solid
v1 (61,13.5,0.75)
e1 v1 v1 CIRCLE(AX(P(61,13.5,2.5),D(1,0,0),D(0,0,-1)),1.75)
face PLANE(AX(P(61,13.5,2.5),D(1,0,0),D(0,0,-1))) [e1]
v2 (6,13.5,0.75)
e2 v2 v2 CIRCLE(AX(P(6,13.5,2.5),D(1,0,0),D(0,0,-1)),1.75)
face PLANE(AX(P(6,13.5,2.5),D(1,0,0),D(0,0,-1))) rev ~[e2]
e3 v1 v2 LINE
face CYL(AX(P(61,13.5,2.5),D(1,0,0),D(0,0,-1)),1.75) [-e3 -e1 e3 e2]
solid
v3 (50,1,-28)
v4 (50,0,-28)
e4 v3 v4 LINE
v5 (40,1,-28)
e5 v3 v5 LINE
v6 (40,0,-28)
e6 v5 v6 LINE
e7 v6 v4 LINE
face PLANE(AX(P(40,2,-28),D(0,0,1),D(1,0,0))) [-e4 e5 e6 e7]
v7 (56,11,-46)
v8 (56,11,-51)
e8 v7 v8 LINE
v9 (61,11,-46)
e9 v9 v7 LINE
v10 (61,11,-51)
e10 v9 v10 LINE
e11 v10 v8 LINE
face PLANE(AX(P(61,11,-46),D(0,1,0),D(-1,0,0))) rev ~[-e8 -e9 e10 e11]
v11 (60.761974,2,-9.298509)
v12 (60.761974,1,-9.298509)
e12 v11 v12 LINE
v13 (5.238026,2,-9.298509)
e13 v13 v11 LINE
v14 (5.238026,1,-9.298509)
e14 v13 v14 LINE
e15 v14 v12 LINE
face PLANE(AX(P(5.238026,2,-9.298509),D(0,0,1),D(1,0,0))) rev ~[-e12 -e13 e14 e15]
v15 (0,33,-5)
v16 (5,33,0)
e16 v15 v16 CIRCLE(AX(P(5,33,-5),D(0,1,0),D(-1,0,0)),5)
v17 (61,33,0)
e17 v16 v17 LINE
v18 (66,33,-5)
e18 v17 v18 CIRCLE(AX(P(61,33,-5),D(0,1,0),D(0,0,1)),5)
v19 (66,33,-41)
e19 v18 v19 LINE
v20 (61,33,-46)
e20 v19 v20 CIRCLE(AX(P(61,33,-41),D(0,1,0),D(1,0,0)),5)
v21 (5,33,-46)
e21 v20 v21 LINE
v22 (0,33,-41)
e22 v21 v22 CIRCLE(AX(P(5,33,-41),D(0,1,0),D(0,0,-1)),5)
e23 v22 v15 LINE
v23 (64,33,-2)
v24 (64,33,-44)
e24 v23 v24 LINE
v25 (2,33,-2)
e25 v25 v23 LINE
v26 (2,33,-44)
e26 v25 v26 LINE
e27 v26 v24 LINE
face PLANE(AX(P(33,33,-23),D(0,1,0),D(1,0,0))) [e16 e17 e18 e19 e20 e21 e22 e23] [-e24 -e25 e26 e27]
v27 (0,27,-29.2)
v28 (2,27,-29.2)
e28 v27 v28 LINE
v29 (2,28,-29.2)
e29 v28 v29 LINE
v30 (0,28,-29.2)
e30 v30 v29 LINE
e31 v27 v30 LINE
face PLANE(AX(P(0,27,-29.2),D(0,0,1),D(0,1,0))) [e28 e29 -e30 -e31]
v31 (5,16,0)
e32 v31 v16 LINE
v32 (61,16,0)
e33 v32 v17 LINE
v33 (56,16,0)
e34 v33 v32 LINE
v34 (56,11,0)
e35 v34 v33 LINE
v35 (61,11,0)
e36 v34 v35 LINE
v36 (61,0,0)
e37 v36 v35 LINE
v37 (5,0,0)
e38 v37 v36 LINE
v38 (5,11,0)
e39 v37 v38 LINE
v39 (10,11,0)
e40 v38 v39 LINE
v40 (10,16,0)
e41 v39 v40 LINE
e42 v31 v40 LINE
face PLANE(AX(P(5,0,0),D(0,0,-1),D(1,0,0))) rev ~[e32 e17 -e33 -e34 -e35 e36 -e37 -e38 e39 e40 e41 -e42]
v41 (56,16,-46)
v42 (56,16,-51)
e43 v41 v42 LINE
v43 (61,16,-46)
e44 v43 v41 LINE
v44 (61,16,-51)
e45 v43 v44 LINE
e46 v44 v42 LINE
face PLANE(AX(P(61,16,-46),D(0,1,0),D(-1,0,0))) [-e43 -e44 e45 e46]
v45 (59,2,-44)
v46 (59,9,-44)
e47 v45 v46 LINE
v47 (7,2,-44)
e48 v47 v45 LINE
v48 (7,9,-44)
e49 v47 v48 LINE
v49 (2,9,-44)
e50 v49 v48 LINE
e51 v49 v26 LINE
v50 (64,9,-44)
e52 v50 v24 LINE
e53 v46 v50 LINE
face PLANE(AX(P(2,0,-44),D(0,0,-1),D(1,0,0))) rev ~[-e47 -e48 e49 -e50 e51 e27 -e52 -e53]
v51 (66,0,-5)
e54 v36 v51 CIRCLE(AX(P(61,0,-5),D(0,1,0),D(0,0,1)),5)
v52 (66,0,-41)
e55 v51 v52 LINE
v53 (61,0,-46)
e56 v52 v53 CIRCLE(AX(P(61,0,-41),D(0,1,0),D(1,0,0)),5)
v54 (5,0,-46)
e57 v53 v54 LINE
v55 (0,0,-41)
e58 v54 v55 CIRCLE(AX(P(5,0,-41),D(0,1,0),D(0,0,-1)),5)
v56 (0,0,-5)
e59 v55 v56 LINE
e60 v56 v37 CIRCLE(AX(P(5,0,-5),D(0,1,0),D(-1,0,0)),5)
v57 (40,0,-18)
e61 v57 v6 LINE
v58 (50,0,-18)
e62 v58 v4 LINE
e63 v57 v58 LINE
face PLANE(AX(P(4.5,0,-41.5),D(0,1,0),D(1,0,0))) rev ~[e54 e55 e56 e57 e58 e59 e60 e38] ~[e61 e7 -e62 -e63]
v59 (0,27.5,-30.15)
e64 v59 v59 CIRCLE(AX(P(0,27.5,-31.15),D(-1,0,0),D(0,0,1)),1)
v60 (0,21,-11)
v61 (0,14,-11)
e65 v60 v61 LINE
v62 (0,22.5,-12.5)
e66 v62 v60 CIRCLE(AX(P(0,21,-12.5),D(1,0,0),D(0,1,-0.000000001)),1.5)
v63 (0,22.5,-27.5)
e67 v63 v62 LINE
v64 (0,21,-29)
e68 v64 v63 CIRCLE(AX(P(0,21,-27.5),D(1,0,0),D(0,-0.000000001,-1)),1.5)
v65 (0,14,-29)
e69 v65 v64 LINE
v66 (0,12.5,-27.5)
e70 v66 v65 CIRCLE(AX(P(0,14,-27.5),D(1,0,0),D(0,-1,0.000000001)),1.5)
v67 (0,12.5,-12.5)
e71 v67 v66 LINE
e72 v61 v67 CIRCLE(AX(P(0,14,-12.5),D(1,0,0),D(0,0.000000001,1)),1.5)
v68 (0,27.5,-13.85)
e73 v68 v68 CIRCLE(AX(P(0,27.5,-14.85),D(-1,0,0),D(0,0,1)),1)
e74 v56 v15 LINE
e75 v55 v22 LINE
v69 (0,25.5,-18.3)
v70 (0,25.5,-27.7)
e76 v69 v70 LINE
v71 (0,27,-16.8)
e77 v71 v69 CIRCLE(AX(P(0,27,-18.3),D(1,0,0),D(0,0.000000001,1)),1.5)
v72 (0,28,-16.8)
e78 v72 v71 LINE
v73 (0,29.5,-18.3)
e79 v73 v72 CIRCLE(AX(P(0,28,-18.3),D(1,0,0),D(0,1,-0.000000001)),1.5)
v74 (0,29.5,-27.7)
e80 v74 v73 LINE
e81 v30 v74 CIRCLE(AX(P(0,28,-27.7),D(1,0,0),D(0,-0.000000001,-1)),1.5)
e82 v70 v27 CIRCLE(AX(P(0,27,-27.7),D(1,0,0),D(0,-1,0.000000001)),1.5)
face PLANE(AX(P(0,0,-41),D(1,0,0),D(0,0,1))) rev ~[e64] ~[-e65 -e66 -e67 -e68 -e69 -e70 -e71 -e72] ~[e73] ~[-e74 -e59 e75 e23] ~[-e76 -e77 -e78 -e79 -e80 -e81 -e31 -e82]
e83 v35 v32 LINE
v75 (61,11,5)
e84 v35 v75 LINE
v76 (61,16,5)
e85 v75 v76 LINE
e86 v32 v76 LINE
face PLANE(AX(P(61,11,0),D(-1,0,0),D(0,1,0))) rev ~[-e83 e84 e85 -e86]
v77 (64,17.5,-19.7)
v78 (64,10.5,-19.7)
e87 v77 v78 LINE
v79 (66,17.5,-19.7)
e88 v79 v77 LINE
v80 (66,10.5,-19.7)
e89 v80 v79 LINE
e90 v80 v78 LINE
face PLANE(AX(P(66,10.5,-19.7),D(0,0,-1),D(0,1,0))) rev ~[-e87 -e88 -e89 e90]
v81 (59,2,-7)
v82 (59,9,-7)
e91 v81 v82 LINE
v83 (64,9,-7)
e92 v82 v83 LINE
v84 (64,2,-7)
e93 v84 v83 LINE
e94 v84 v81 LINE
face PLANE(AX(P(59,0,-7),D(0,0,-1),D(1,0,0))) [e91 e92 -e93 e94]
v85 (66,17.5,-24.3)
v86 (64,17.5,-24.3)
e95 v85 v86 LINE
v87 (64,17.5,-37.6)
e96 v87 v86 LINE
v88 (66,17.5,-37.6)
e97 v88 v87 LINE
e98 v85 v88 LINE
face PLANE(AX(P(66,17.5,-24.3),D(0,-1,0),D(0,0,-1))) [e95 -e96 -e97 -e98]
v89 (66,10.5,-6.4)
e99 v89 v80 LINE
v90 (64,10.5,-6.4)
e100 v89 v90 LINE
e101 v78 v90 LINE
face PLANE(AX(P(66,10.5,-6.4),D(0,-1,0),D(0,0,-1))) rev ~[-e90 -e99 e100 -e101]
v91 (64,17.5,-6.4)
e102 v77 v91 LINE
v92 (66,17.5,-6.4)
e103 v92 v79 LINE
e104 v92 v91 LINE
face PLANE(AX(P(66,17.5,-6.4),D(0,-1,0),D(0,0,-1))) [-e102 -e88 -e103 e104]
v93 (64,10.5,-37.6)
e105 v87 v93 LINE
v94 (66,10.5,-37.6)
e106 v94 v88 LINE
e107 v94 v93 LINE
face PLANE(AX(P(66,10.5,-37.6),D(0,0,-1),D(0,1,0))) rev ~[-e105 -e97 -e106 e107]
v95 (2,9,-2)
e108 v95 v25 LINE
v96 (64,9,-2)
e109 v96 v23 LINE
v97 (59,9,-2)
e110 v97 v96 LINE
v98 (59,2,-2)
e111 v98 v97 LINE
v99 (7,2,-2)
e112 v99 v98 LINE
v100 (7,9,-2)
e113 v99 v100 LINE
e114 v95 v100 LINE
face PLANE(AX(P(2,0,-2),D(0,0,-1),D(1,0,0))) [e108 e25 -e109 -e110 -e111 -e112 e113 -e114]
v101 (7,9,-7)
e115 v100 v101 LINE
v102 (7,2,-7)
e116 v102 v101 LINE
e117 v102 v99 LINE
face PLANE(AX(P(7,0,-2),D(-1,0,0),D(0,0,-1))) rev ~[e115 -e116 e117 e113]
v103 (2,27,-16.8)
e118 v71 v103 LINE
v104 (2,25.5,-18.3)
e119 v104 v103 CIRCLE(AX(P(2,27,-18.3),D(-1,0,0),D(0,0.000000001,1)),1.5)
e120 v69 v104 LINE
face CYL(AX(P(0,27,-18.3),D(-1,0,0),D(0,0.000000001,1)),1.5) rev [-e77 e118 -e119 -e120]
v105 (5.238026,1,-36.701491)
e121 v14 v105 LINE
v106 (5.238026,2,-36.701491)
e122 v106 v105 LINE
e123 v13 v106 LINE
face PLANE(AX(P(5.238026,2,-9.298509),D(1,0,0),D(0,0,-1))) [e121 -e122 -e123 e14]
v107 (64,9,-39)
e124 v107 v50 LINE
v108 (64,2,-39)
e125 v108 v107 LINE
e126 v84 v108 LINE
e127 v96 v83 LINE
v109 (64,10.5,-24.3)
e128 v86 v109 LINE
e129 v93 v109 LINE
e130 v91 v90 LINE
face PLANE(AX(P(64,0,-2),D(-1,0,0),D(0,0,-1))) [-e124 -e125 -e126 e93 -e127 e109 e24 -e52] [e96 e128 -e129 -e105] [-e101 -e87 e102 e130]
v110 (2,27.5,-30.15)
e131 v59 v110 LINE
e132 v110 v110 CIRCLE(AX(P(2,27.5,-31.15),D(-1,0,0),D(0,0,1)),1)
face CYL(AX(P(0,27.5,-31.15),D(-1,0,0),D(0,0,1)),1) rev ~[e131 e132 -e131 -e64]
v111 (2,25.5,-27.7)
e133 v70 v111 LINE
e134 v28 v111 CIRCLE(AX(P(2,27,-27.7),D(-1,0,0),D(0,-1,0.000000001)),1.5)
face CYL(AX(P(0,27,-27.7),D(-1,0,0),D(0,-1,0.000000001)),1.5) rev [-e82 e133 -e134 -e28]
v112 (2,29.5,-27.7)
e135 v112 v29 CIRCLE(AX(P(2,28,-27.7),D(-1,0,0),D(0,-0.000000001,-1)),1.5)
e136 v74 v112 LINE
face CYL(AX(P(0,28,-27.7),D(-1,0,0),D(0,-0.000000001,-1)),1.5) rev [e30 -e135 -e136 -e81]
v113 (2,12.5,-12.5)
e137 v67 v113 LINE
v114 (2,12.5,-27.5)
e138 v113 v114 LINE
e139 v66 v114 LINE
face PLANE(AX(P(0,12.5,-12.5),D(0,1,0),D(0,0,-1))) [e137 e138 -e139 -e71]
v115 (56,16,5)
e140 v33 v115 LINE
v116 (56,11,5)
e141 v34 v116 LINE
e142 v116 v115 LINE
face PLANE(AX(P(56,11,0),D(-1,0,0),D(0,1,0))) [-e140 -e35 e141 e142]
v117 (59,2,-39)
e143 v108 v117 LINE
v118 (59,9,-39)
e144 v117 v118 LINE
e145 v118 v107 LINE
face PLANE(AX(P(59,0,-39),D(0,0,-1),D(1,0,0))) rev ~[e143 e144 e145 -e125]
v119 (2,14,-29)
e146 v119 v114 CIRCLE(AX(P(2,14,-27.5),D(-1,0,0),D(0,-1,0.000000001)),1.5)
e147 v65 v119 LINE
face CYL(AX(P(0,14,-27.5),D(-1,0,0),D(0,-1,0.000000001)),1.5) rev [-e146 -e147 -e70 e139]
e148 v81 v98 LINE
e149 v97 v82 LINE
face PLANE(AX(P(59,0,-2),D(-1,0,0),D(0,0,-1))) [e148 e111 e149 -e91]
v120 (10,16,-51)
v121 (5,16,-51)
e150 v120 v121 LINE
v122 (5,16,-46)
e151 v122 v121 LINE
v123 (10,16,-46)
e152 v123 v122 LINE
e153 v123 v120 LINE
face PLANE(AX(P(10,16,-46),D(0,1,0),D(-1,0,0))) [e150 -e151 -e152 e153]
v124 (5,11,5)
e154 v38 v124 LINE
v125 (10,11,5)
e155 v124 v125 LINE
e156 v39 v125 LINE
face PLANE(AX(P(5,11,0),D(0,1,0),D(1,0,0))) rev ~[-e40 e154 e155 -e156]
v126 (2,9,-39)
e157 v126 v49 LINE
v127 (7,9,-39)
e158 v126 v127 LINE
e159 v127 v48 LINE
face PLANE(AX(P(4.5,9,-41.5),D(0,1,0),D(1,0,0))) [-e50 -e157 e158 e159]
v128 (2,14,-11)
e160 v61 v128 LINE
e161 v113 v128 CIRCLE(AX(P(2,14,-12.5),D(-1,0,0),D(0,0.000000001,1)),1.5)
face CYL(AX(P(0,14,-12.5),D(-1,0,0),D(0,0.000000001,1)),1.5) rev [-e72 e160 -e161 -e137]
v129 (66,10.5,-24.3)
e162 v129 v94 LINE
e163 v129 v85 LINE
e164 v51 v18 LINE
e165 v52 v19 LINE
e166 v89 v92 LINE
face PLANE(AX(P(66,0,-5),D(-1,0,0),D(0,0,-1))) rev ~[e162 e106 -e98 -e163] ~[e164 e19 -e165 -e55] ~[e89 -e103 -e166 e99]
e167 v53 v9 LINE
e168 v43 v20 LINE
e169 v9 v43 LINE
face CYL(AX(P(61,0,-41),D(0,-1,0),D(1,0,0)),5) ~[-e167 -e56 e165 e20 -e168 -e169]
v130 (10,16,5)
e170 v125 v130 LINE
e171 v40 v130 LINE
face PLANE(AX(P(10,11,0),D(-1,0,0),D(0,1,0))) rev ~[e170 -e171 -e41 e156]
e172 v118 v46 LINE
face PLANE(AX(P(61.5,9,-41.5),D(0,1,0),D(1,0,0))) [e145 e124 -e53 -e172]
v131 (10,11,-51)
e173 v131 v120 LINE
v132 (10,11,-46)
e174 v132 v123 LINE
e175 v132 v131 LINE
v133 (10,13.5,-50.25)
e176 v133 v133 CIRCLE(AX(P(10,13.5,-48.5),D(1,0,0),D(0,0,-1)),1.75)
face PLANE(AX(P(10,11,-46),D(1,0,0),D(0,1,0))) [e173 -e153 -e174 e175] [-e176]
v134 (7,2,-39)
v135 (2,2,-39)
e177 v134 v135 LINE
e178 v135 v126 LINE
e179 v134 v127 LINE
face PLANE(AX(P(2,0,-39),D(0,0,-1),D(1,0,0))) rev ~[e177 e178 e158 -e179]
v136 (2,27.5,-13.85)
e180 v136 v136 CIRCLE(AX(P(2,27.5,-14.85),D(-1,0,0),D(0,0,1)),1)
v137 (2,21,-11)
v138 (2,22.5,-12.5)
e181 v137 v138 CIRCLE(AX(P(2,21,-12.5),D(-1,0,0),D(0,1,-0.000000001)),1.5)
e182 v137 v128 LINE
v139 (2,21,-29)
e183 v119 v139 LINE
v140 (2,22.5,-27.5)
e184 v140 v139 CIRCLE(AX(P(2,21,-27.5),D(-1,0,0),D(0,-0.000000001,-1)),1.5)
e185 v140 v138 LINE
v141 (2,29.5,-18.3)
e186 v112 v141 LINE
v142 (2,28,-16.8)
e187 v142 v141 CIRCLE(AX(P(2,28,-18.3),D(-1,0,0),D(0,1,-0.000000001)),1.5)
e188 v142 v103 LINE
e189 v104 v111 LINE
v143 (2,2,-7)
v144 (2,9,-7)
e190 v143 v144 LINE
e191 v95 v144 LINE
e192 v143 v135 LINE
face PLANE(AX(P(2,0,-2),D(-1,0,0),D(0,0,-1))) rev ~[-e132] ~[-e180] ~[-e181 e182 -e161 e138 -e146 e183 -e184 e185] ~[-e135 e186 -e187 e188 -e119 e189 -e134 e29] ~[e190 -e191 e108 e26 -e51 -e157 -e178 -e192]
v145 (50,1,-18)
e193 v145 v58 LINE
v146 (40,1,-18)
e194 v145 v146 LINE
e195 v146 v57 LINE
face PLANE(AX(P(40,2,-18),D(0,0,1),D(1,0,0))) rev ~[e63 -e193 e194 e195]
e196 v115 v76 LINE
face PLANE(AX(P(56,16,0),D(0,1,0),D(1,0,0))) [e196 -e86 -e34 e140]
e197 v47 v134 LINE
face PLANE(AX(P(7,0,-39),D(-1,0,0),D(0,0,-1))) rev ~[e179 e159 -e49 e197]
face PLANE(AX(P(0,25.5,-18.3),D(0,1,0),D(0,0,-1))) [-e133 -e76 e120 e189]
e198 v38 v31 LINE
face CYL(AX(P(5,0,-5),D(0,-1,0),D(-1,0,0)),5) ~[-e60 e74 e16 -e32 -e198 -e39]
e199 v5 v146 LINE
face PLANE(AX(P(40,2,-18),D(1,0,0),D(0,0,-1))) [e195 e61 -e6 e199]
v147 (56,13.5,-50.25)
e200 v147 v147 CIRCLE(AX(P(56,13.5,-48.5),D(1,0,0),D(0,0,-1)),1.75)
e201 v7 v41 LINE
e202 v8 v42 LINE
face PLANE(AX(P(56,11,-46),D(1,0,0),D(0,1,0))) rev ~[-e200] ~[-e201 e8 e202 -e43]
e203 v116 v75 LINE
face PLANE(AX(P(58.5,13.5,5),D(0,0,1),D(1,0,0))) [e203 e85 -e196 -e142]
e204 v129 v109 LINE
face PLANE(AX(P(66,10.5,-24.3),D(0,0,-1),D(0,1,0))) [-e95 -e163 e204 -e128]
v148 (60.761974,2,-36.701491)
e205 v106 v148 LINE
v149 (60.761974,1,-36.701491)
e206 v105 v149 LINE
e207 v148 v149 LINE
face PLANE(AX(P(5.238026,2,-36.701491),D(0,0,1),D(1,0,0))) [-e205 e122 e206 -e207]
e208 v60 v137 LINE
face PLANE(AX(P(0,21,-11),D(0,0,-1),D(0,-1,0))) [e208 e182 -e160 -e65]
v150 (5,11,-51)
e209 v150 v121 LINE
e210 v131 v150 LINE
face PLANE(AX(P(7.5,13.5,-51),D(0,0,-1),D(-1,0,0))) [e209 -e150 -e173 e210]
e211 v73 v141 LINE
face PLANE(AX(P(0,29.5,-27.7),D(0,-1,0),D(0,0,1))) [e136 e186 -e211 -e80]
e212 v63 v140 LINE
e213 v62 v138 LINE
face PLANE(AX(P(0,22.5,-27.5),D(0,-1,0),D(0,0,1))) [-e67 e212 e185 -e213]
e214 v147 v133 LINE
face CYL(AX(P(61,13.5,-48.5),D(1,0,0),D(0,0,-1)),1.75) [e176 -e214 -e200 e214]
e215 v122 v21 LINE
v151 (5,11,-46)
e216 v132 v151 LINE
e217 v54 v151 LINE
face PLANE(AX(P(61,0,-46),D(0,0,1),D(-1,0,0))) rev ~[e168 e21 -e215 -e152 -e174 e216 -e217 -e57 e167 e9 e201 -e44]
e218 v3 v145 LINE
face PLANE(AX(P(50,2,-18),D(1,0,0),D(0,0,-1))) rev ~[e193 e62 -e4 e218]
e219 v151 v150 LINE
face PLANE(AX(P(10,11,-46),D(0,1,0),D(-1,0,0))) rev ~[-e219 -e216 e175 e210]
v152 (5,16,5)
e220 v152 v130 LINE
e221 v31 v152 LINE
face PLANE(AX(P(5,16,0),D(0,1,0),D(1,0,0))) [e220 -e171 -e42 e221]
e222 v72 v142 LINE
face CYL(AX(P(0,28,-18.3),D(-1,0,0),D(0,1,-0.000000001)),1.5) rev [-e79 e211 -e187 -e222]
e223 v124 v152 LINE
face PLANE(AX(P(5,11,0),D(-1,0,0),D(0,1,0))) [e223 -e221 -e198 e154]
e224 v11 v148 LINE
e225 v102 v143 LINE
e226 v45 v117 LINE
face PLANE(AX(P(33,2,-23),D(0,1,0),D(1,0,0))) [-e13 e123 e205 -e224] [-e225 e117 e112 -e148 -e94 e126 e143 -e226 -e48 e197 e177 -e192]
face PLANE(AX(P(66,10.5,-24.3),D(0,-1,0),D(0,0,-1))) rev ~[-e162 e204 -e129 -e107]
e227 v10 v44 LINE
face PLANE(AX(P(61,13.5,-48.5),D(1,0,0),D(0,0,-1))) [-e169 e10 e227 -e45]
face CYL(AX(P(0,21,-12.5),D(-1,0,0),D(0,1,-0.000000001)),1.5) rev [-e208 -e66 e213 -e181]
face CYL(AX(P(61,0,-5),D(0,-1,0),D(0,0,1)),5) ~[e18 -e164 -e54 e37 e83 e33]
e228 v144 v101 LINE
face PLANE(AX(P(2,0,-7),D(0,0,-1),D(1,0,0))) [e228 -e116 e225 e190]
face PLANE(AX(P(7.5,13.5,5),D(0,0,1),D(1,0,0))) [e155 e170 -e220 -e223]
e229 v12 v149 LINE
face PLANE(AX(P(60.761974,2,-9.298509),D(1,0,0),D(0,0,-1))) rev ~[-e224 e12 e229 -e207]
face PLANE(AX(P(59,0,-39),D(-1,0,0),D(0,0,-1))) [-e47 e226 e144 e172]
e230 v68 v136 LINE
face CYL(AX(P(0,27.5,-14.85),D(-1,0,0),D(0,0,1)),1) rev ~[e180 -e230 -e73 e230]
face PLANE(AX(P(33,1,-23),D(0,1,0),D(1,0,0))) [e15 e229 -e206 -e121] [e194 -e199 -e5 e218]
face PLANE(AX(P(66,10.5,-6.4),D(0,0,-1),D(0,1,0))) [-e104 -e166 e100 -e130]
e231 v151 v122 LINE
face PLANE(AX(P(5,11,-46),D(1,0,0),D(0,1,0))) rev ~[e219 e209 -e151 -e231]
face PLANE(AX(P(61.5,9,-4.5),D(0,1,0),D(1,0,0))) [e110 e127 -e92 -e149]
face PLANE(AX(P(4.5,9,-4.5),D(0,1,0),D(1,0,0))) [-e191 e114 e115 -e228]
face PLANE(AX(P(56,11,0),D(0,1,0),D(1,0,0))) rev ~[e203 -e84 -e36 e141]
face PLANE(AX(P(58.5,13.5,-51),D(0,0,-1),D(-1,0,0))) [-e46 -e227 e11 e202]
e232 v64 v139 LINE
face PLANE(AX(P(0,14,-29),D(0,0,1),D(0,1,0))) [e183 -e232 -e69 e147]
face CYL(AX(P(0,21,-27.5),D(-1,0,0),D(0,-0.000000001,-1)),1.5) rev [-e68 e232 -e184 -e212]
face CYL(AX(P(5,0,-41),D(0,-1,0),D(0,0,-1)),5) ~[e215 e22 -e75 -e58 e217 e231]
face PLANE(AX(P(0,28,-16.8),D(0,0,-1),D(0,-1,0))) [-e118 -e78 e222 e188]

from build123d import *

# Parameters (mm, degrees)
BOSS_EXTRUDE4_DEPTH  = 33
SKETCH1_4_W          = 62
SKETCH1_4_H          = 42
BOSS_EXTRUDE6_DEPTH  = 2
SKETCH1_7_W          = 5
SKETCH1_7_H          = 5
BOSS_EXTRUDE7_DEPTH  = 9
SKETCH5_W            = 10
SKETCH5_H            = 10
CUT_EXTRUDE1_DEPTH   = 87.214847909
SKETCH7_W            = 13.3
SKETCH7_H            = 7
CUT_EXTRUDE3_DEPTH   = 10
SKETCH8_W            = 5
SKETCH8_H            = 5
BOSS_EXTRUDE11_DEPTH = 5
SKETCH9_R            = 1.75
BOSS_EXTRUDE13_DEPTH = 55
SKETCH11_W           = 5
SKETCH11_H           = 5
BOSS_EXTRUDE14_DEPTH = 5
SKETCH12_R           = 1.75
BOSS_EXTRUDE16_DEPTH = 55
CUT_EXTRUDE10_DEPTH  = 10
SKETCH13_4_R         = 1
CUT_EXTRUDE11_DEPTH  = 10
CUT_EXTRUDE12_DEPTH  = 10
SKETCH14_W           = 55.52394705
SKETCH14_H           = 27.402982488
CUT_EXTRUDE13_DEPTH  = 1


with BuildPart() as part:
    # Sketch1 → Boss-Extrude4 (new body)
    with BuildSketch(Plane(origin=(0, 0, 0), x_dir=(1, 0, 0), z_dir=(0, 1, 0))):
        with BuildLine():
            ThreePointArc((0, 5), (1.464466094, 1.464466094), (5, 0))
            Line((5, 0), (61, 0))
            ThreePointArc((61, 0), (64.535533906, 1.464466094), (66, 5))
            Line((66, 5), (66, 41))
            ThreePointArc((66, 41), (64.535533906, 44.535533906), (61, 46))
            Line((61, 46), (5, 46))
            ThreePointArc((5, 46), (1.464466094, 44.535533906), (0, 41))
            Line((0, 41), (0, 5))
        make_face()
        Polygon((64, 44), (64, 39), (64, 7), (64, 2), (59, 2), (7, 2), (2, 2), (2, 7), (2, 39), (2, 44), (7, 44), (59, 44), align=None, mode=Mode.SUBTRACT)
    extrude(amount=BOSS_EXTRUDE4_DEPTH)

    # Sketch1<4> → Boss-Extrude6 (add)
    with BuildSketch(Plane(origin=(0, 0, 0), x_dir=(1, 0, 0), z_dir=(0, 1, 0))):
        with Locations((33, 23)):
            Rectangle(SKETCH1_4_W, SKETCH1_4_H)
    extrude(amount=BOSS_EXTRUDE6_DEPTH)

    # Sketch1<7> → Boss-Extrude7 (add)
    with BuildSketch(Plane(origin=(0, 0, 0), x_dir=(1, 0, 0), z_dir=(0, 1, 0))):
        with Locations((61.5, 41.5)):
            Rectangle(SKETCH1_7_W, SKETCH1_7_H)
        with Locations((61.5, 4.5)):
            Rectangle(SKETCH1_7_W, SKETCH1_7_H)
        with Locations((4.5, 41.5)):
            Rectangle(SKETCH1_7_W, SKETCH1_7_H)
        with Locations((4.5, 4.5)):
            Rectangle(SKETCH1_7_W, SKETCH1_7_H)
    extrude(amount=BOSS_EXTRUDE7_DEPTH)

    # Sketch5 → Cut-Extrude1 (cut, through all)
    with BuildSketch(Plane(origin=(0, 2, 0), x_dir=(1, 0, 0), z_dir=(0, 1, 0))):
        with Locations((45, 23)):
            Rectangle(SKETCH5_W, SKETCH5_H)
    extrude(amount=-CUT_EXTRUDE1_DEPTH, mode=Mode.SUBTRACT)

    # Sketch7 → Cut-Extrude3 (cut)
    with BuildSketch(Plane(origin=(66, 0, 0), x_dir=(0, 0, -1), z_dir=(1, 0, 0))):
        with Locations((13.05, 14)):
            Rectangle(SKETCH7_W, SKETCH7_H)
        with Locations((30.95, 14)):
            Rectangle(SKETCH7_W, SKETCH7_H)
    extrude(amount=-CUT_EXTRUDE3_DEPTH, mode=Mode.SUBTRACT)

    # Sketch8 → Boss-Extrude11 (add)
    with BuildSketch(Plane.XY):
        with Locations((58.5, 13.5)):
            Rectangle(SKETCH8_W, SKETCH8_H)
        with Locations((7.5, 13.5)):
            Rectangle(SKETCH8_W, SKETCH8_H)
    extrude(amount=BOSS_EXTRUDE11_DEPTH)

    # Sketch11 → Boss-Extrude14 (add)
    with BuildSketch(Plane(origin=(0, 0, -46), x_dir=(-1, 0, 0), z_dir=(0, 0, -1))):
        with Locations((-7.5, 13.5)):
            Rectangle(SKETCH11_W, SKETCH11_H)
        with Locations((-58.5, 13.5)):
            Rectangle(SKETCH11_W, SKETCH11_H)
    extrude(amount=BOSS_EXTRUDE14_DEPTH)

    # Sketch12 → Boss-Extrude16 (add)
    with BuildSketch(Plane(origin=(61, 0, 0), x_dir=(0, 0, -1), z_dir=(1, 0, 0))):
        with Locations((48.5, 13.5)):
            Circle(SKETCH12_R)
    extrude(amount=-BOSS_EXTRUDE16_DEPTH)

    # Sketch13 → Cut-Extrude10 (cut)
    with BuildSketch(Plane.ZY):
        with BuildLine():
            Line((-16.8, 27), (-16.8, 28))
            ThreePointArc((-16.8, 28), (-17.239339828, 29.060660172), (-18.3, 29.5))
            Line((-18.3, 29.5), (-27.7, 29.5))
            ThreePointArc((-27.7, 29.5), (-28.760660172, 29.060660172), (-29.2, 28))
            Line((-29.2, 28), (-29.2, 27))
            ThreePointArc((-29.2, 27), (-28.760660172, 25.939339828), (-27.7, 25.5))
            Line((-27.7, 25.5), (-18.3, 25.5))
            ThreePointArc((-18.3, 25.5), (-17.239339828, 25.939339828), (-16.8, 27))
        make_face()
    extrude(amount=-CUT_EXTRUDE10_DEPTH, mode=Mode.SUBTRACT)

    # Sketch13<4> → Cut-Extrude11 (cut)
    with BuildSketch(Plane.ZY):
        with Locations((-31.15, 27.5)):
            Circle(SKETCH13_4_R)
        with Locations((-14.85, 27.5)):
            Circle(SKETCH13_4_R)
    extrude(amount=-CUT_EXTRUDE11_DEPTH, mode=Mode.SUBTRACT)

    # Sketch13<5> → Cut-Extrude12 (cut)
    with BuildSketch(Plane.ZY):
        with BuildLine():
            Line((-27.5, 22.5), (-12.5, 22.5))
            ThreePointArc((-12.5, 22.5), (-11.439339828, 22.060660172), (-11, 21))
            Line((-11, 21), (-11, 14))
            ThreePointArc((-11, 14), (-11.439339828, 12.939339828), (-12.5, 12.5))
            Line((-12.5, 12.5), (-27.5, 12.5))
            ThreePointArc((-27.5, 12.5), (-28.560660172, 12.939339828), (-29, 14))
            Line((-29, 14), (-29, 21))
            ThreePointArc((-29, 21), (-28.560660172, 22.060660172), (-27.5, 22.5))
        make_face()
    extrude(amount=-CUT_EXTRUDE12_DEPTH, mode=Mode.SUBTRACT)

    # Sketch14 → Cut-Extrude13 (cut)
    with BuildSketch(Plane(origin=(0, 2, 0), x_dir=(1, 0, 0), z_dir=(0, 1, 0))):
        with Locations((33, 23)):
            Rectangle(SKETCH14_W, SKETCH14_H)
    extrude(amount=-CUT_EXTRUDE13_DEPTH, mode=Mode.SUBTRACT)


with BuildPart() as body_2:
    # Sketch9 → Boss-Extrude13 (new body)
    with BuildSketch(Plane(origin=(61, 0, 0), x_dir=(0, 0, -1), z_dir=(1, 0, 0))):
        with Locations((-2.5, 13.5)):
            Circle(SKETCH9_R)
    extrude(amount=-BOSS_EXTRUDE13_DEPTH)


solid = Compound([part.part, body_2.part])
